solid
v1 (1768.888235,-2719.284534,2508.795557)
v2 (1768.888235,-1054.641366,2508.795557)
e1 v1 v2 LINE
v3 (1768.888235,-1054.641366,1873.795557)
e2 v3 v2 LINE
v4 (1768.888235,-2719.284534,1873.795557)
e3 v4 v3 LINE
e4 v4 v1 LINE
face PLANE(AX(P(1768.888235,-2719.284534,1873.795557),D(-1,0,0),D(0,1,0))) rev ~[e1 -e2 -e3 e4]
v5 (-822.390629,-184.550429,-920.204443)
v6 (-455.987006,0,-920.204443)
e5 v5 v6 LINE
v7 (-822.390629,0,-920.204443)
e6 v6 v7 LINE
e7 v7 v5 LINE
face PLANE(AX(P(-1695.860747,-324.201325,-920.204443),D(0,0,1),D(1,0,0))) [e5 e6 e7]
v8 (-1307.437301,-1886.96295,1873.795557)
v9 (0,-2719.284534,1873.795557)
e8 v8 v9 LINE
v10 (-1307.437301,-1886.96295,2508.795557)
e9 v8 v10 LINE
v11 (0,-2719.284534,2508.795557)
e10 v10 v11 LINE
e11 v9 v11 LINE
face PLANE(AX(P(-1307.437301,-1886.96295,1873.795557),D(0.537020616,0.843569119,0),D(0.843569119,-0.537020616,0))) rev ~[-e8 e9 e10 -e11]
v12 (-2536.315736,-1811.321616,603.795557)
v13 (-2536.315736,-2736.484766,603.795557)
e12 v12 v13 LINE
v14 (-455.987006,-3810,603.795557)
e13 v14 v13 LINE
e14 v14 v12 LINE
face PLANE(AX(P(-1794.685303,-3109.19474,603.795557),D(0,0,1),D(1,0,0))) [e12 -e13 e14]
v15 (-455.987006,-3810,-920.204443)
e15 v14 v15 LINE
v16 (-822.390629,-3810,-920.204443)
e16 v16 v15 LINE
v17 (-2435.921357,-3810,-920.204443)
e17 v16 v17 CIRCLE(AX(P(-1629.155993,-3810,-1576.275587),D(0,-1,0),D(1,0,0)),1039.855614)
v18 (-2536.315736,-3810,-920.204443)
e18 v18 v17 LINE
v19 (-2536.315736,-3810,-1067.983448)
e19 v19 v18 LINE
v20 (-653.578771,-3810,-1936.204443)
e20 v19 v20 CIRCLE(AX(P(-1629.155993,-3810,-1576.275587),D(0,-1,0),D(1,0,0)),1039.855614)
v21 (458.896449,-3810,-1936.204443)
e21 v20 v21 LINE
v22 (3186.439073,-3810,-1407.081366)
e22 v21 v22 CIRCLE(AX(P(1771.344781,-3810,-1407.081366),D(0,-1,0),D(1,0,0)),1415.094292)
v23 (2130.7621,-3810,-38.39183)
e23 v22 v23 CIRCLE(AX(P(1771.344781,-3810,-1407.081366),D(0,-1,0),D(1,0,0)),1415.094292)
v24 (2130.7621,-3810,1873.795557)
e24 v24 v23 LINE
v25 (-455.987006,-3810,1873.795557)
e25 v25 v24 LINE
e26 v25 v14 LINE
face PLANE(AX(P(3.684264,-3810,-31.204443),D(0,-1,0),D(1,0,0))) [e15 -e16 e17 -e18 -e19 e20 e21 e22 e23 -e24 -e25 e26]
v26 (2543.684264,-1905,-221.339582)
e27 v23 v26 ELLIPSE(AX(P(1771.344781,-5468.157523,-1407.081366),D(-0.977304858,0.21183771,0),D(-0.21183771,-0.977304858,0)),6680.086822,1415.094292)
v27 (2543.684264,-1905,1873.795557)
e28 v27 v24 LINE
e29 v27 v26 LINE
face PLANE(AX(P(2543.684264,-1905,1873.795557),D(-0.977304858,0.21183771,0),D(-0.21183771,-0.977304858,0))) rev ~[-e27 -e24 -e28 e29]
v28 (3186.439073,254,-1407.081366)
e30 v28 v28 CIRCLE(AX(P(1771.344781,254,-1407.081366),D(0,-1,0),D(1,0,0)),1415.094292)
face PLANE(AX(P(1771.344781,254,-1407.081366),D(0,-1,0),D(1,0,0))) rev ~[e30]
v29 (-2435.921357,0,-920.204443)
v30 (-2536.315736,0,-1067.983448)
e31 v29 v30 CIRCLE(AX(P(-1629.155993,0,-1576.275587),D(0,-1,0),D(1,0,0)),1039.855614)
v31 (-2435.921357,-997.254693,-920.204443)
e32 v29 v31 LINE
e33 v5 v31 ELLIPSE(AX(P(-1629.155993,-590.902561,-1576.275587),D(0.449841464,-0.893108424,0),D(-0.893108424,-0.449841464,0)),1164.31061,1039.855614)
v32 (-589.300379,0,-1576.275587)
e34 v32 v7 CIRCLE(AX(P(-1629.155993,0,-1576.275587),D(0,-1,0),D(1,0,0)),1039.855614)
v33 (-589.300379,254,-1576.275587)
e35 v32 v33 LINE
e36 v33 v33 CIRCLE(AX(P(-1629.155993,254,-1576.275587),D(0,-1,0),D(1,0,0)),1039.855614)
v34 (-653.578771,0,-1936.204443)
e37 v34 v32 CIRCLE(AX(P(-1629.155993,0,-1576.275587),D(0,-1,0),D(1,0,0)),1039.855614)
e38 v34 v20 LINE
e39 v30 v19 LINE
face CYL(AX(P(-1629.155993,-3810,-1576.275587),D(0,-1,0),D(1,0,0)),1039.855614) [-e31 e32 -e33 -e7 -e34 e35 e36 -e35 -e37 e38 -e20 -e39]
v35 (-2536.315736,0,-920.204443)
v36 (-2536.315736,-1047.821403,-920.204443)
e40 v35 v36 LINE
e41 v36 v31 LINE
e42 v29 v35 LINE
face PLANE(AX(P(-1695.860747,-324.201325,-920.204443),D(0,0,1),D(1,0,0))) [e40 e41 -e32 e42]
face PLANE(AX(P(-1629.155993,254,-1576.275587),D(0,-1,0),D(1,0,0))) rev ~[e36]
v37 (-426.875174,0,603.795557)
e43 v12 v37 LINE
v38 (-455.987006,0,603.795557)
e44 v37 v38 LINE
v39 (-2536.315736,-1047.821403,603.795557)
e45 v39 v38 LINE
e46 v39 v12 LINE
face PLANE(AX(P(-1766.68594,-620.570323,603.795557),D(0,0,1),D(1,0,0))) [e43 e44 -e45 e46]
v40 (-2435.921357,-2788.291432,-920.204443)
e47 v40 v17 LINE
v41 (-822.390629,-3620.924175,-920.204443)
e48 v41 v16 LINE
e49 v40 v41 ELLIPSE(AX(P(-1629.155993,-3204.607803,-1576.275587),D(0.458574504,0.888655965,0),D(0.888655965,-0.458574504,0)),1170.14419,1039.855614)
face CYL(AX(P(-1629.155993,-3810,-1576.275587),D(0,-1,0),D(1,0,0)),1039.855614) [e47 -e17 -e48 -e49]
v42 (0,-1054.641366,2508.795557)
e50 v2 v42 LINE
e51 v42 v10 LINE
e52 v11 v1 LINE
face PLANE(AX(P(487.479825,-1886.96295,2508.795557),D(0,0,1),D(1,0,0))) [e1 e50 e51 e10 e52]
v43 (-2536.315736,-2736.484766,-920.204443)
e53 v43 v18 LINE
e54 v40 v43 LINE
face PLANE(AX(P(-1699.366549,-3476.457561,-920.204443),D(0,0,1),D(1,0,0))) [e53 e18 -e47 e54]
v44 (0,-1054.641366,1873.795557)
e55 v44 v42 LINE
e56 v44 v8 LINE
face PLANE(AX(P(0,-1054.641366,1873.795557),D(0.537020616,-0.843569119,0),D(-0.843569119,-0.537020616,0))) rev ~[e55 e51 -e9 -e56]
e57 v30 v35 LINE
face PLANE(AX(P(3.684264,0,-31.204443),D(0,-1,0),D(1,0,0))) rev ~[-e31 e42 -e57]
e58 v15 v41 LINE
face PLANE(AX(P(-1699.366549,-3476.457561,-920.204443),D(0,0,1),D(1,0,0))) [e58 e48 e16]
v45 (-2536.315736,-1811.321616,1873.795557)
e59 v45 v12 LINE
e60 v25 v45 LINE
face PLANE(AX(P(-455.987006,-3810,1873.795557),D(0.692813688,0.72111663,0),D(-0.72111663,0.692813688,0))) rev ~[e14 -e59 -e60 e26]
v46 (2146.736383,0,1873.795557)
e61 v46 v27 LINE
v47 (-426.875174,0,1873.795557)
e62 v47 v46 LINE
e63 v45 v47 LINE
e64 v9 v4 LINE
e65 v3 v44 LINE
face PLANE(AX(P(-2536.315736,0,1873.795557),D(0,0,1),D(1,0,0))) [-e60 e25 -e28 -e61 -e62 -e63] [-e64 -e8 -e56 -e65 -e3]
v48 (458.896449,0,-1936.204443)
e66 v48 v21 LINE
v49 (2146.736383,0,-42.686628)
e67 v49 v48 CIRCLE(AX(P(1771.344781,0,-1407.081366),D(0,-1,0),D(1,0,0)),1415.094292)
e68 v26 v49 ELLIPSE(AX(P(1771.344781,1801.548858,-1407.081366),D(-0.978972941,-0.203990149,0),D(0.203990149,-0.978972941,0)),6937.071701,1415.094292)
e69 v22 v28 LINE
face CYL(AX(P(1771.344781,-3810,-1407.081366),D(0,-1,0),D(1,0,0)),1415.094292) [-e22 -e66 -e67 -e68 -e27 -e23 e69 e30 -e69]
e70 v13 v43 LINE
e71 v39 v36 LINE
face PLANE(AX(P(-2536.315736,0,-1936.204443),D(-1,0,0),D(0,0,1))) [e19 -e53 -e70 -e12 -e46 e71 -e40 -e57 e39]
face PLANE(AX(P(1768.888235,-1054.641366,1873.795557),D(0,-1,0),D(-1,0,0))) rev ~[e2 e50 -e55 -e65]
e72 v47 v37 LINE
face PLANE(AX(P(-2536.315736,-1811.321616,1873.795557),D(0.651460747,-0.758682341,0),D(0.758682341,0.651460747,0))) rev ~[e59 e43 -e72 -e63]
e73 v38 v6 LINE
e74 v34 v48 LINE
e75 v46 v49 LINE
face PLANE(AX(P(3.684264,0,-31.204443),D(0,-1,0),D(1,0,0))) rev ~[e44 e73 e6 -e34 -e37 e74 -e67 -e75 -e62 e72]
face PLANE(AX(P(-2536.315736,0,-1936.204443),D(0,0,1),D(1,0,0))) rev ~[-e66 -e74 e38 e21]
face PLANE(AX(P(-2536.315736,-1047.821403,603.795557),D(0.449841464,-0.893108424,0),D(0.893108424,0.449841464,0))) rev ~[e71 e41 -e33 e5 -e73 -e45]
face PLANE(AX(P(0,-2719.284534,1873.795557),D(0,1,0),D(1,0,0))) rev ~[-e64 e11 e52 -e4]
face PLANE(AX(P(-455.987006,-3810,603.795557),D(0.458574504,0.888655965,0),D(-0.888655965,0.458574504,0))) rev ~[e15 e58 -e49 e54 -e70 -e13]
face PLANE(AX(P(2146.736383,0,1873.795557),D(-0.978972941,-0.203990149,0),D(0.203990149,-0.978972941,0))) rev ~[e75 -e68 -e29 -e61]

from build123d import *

# Parameters (mm, degrees)
F0_W      = 5080
F0_H      = 3810
F1_DEPTH  = 3810
F3_DEPTH  = 1270
F5_DEPTH  = 5080
F7_DEPTH  = 1524
F9_DEPTH  = 635
F10_R     = 1039.855614
F10_R_2   = 1415.094292
F11_DEPTH = 4064


with BuildPart() as f1:
    # F0 (on Front) → F1 (new body)
    with BuildSketch(Plane.XZ):
        with Locations((3.684264, -31.204443)):
            Rectangle(F0_W, F0_H)
    extrude(amount=F1_DEPTH)

    # F2 (on face) → F3 (cut)
    with BuildSketch(Plane.XY.offset(1873.795557)):
        Polygon((-2536.315736, 0), (-2536.315736, -1811.321616), (-426.875174, 0), align=None)
        Polygon((-455.987006, -3810), (-2536.315736, -1811.321616), (-2536.315736, -3810), align=None)
    extrude(amount=-F3_DEPTH, mode=Mode.SUBTRACT)

    # F4 (on face) → F5 (cut)
    with BuildSketch(Plane.XY.offset(1873.795557)):
        Polygon((2146.736383, 0), (2543.684264, -1905), (2543.684264, 0), align=None)
        Polygon((2543.684264, -1905), (2130.7621, -3810), (2543.684264, -3810), align=None)
    extrude(amount=-F5_DEPTH, mode=Mode.SUBTRACT)

    # F6 (on face) → F7 (cut)
    with BuildSketch(Plane.XY.offset(603.795557)):
        Polygon((-455.987006, -3810), (-2536.315736, -2736.484766), (-2536.315736, -3810), align=None)
        Polygon((-2536.315736, 0), (-2536.315736, -1047.821403), (-455.987006, 0), align=None)
    extrude(amount=-F7_DEPTH, mode=Mode.SUBTRACT)

    # F8 (on face) → F9 (join)
    with BuildSketch(Plane.XY.offset(1873.795557)):
        Polygon((-1307.437301, -1886.96295), (0, -2719.284534), (1768.888235, -2719.284534), (1768.888235, -1054.641366), (0, -1054.641366), align=None)
    extrude(amount=F9_DEPTH)

    # F10 (on face) → F11 (join)
    with BuildSketch(Plane.XZ.offset(3810)):
        with Locations((-1629.155993, -1576.275587)):
            Circle(F10_R)
        with Locations((1771.344781, -1407.081366)):
            Circle(F10_R_2)
    extrude(amount=-F11_DEPTH)


solid = f1.part
